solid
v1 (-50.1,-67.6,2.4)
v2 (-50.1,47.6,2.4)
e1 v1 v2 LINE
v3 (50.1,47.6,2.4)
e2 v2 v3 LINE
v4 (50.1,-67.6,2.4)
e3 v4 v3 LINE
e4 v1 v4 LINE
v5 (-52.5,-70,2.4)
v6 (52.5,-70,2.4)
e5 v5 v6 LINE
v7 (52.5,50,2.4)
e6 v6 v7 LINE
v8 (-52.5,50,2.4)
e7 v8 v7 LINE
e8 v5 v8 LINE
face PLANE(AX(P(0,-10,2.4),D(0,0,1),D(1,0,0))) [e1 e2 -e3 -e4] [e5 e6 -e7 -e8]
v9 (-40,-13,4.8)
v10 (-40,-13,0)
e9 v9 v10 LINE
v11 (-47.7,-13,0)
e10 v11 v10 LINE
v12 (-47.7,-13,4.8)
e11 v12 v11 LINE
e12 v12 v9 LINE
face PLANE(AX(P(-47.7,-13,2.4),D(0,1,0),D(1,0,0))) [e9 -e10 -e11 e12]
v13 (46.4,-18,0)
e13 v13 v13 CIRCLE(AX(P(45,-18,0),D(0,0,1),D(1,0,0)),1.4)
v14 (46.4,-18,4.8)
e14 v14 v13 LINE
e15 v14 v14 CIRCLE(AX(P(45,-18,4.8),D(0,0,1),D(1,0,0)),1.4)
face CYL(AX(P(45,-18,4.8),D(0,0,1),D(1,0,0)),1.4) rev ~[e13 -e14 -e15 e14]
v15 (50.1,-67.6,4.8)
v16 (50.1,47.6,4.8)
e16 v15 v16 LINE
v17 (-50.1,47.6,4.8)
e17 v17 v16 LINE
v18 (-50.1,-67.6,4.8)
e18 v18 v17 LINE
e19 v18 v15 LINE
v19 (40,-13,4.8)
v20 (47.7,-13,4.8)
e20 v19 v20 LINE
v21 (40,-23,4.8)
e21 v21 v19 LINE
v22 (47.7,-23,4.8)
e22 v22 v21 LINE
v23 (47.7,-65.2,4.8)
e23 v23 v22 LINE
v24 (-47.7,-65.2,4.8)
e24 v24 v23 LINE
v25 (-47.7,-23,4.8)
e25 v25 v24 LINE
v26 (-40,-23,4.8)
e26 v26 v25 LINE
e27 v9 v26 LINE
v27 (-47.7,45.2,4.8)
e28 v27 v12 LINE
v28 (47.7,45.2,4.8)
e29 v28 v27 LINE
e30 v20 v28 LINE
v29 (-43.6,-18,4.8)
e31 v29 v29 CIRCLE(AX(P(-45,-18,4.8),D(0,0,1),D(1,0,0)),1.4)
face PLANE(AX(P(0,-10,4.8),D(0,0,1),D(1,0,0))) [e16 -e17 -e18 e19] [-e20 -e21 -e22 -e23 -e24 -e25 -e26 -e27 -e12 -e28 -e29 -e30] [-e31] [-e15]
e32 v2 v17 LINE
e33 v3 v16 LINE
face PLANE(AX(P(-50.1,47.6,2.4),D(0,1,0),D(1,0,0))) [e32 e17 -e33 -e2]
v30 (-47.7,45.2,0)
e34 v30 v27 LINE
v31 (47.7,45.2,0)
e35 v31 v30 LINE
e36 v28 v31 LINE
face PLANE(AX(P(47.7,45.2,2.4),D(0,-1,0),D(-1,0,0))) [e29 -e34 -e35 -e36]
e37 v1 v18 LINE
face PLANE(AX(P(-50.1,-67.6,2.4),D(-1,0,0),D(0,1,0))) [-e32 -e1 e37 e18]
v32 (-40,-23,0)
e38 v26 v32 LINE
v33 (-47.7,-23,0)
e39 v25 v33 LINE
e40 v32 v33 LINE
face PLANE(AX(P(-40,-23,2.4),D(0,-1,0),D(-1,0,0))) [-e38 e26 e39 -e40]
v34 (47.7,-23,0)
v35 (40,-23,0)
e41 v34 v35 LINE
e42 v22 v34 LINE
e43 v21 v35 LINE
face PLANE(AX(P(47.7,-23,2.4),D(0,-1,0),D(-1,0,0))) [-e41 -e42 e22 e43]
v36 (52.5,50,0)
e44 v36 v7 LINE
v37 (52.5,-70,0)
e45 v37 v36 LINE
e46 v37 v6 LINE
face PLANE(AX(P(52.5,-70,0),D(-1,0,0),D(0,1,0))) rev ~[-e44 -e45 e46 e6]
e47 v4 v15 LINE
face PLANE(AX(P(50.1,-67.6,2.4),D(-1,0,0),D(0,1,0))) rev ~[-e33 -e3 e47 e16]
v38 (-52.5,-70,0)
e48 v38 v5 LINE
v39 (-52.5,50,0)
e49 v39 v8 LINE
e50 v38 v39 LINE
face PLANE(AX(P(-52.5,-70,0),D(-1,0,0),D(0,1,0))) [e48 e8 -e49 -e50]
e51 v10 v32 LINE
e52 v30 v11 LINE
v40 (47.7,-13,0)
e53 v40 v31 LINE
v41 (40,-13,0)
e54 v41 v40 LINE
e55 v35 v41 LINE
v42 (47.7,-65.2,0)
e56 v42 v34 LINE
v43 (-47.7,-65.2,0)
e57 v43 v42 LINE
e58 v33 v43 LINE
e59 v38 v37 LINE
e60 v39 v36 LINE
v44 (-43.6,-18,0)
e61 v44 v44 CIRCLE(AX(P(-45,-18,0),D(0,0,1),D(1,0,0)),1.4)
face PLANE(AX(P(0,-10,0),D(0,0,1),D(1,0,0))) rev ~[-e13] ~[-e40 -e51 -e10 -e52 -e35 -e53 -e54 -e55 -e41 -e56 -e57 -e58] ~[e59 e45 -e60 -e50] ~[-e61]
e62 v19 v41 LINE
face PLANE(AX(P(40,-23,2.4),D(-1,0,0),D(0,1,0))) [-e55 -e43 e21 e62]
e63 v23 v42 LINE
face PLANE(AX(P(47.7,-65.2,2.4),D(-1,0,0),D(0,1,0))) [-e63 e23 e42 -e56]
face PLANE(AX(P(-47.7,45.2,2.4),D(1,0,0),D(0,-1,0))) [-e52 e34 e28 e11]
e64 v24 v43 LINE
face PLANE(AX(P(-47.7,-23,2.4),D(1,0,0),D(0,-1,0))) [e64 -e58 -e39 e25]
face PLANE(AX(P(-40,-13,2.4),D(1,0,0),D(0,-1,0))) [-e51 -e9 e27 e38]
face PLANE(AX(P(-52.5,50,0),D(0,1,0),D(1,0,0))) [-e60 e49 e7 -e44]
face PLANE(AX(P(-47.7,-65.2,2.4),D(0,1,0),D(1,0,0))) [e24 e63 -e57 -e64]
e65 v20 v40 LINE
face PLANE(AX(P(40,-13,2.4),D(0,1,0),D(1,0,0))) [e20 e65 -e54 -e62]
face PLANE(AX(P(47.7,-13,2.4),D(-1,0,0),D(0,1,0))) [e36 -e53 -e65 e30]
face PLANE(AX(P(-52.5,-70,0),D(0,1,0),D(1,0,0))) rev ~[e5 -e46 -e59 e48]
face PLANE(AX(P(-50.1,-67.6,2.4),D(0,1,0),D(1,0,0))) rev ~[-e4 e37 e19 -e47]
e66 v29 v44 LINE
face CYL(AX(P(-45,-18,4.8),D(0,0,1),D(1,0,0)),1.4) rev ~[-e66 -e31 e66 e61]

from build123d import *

# Parameters (mm, degrees)
SKETCH_W             = 105
SKETCH_H             = 120
PAD_DEPTH            = 2.4
POCKET001_DEPTH      = 2.401
POCKET001_DEPTH_BACK = -0.001
SKETCH026_W          = 100.2
SKETCH026_H          = 115.2
PAD001_DEPTH         = 2.4
SKETCH024_R          = 1.4
POCKET_DEPTH         = 5


with BuildPart() as part:
    # Sketch → Pad (new body)
    with BuildSketch(Plane.XY):
        with Locations((0, -10)):
            Rectangle(SKETCH_W, SKETCH_H)
    extrude(amount=PAD_DEPTH)

    # Sketch025 → Pocket001 (cut, two sides)
    with BuildSketch(Plane.XY.offset(2.4)) as pocket001_sk:
        Polygon((-47.7, 45.2), (-47.7, -13), (-40, -13), (-40, -23), (-47.7, -23), (-47.7, -65.2), (47.7, -65.2), (47.7, -23), (40, -23), (40, -13), (47.7, -13), (47.7, 45.2), align=None)
    extrude(amount=-POCKET001_DEPTH, mode=Mode.SUBTRACT)
    extrude(pocket001_sk.sketch, amount=-POCKET001_DEPTH_BACK, mode=Mode.SUBTRACT)

    # Sketch026 → Pad001 (new body)
    with BuildSketch(Plane.XY.offset(2.4)):
        with Locations((0, -10)):
            Rectangle(SKETCH026_W, SKETCH026_H)
        Polygon((-47.7, 45.2), (-47.7, -13), (-40, -13), (-40, -23), (-47.7, -23), (-47.7, -65.2), (47.7, -65.2), (47.7, -23), (40, -23), (40, -13), (47.7, -13), (47.7, 45.2), align=None, mode=Mode.SUBTRACT)
    extrude(amount=PAD001_DEPTH)

    # Sketch024 → Pocket (cut)
    with BuildSketch(Plane.XY.offset(4.8)):
        with Locations((-45, -18)):
            Circle(SKETCH024_R)
        with Locations((45, -18)):
            Circle(SKETCH024_R)
    extrude(amount=-POCKET_DEPTH, mode=Mode.SUBTRACT)


solid = part.part
